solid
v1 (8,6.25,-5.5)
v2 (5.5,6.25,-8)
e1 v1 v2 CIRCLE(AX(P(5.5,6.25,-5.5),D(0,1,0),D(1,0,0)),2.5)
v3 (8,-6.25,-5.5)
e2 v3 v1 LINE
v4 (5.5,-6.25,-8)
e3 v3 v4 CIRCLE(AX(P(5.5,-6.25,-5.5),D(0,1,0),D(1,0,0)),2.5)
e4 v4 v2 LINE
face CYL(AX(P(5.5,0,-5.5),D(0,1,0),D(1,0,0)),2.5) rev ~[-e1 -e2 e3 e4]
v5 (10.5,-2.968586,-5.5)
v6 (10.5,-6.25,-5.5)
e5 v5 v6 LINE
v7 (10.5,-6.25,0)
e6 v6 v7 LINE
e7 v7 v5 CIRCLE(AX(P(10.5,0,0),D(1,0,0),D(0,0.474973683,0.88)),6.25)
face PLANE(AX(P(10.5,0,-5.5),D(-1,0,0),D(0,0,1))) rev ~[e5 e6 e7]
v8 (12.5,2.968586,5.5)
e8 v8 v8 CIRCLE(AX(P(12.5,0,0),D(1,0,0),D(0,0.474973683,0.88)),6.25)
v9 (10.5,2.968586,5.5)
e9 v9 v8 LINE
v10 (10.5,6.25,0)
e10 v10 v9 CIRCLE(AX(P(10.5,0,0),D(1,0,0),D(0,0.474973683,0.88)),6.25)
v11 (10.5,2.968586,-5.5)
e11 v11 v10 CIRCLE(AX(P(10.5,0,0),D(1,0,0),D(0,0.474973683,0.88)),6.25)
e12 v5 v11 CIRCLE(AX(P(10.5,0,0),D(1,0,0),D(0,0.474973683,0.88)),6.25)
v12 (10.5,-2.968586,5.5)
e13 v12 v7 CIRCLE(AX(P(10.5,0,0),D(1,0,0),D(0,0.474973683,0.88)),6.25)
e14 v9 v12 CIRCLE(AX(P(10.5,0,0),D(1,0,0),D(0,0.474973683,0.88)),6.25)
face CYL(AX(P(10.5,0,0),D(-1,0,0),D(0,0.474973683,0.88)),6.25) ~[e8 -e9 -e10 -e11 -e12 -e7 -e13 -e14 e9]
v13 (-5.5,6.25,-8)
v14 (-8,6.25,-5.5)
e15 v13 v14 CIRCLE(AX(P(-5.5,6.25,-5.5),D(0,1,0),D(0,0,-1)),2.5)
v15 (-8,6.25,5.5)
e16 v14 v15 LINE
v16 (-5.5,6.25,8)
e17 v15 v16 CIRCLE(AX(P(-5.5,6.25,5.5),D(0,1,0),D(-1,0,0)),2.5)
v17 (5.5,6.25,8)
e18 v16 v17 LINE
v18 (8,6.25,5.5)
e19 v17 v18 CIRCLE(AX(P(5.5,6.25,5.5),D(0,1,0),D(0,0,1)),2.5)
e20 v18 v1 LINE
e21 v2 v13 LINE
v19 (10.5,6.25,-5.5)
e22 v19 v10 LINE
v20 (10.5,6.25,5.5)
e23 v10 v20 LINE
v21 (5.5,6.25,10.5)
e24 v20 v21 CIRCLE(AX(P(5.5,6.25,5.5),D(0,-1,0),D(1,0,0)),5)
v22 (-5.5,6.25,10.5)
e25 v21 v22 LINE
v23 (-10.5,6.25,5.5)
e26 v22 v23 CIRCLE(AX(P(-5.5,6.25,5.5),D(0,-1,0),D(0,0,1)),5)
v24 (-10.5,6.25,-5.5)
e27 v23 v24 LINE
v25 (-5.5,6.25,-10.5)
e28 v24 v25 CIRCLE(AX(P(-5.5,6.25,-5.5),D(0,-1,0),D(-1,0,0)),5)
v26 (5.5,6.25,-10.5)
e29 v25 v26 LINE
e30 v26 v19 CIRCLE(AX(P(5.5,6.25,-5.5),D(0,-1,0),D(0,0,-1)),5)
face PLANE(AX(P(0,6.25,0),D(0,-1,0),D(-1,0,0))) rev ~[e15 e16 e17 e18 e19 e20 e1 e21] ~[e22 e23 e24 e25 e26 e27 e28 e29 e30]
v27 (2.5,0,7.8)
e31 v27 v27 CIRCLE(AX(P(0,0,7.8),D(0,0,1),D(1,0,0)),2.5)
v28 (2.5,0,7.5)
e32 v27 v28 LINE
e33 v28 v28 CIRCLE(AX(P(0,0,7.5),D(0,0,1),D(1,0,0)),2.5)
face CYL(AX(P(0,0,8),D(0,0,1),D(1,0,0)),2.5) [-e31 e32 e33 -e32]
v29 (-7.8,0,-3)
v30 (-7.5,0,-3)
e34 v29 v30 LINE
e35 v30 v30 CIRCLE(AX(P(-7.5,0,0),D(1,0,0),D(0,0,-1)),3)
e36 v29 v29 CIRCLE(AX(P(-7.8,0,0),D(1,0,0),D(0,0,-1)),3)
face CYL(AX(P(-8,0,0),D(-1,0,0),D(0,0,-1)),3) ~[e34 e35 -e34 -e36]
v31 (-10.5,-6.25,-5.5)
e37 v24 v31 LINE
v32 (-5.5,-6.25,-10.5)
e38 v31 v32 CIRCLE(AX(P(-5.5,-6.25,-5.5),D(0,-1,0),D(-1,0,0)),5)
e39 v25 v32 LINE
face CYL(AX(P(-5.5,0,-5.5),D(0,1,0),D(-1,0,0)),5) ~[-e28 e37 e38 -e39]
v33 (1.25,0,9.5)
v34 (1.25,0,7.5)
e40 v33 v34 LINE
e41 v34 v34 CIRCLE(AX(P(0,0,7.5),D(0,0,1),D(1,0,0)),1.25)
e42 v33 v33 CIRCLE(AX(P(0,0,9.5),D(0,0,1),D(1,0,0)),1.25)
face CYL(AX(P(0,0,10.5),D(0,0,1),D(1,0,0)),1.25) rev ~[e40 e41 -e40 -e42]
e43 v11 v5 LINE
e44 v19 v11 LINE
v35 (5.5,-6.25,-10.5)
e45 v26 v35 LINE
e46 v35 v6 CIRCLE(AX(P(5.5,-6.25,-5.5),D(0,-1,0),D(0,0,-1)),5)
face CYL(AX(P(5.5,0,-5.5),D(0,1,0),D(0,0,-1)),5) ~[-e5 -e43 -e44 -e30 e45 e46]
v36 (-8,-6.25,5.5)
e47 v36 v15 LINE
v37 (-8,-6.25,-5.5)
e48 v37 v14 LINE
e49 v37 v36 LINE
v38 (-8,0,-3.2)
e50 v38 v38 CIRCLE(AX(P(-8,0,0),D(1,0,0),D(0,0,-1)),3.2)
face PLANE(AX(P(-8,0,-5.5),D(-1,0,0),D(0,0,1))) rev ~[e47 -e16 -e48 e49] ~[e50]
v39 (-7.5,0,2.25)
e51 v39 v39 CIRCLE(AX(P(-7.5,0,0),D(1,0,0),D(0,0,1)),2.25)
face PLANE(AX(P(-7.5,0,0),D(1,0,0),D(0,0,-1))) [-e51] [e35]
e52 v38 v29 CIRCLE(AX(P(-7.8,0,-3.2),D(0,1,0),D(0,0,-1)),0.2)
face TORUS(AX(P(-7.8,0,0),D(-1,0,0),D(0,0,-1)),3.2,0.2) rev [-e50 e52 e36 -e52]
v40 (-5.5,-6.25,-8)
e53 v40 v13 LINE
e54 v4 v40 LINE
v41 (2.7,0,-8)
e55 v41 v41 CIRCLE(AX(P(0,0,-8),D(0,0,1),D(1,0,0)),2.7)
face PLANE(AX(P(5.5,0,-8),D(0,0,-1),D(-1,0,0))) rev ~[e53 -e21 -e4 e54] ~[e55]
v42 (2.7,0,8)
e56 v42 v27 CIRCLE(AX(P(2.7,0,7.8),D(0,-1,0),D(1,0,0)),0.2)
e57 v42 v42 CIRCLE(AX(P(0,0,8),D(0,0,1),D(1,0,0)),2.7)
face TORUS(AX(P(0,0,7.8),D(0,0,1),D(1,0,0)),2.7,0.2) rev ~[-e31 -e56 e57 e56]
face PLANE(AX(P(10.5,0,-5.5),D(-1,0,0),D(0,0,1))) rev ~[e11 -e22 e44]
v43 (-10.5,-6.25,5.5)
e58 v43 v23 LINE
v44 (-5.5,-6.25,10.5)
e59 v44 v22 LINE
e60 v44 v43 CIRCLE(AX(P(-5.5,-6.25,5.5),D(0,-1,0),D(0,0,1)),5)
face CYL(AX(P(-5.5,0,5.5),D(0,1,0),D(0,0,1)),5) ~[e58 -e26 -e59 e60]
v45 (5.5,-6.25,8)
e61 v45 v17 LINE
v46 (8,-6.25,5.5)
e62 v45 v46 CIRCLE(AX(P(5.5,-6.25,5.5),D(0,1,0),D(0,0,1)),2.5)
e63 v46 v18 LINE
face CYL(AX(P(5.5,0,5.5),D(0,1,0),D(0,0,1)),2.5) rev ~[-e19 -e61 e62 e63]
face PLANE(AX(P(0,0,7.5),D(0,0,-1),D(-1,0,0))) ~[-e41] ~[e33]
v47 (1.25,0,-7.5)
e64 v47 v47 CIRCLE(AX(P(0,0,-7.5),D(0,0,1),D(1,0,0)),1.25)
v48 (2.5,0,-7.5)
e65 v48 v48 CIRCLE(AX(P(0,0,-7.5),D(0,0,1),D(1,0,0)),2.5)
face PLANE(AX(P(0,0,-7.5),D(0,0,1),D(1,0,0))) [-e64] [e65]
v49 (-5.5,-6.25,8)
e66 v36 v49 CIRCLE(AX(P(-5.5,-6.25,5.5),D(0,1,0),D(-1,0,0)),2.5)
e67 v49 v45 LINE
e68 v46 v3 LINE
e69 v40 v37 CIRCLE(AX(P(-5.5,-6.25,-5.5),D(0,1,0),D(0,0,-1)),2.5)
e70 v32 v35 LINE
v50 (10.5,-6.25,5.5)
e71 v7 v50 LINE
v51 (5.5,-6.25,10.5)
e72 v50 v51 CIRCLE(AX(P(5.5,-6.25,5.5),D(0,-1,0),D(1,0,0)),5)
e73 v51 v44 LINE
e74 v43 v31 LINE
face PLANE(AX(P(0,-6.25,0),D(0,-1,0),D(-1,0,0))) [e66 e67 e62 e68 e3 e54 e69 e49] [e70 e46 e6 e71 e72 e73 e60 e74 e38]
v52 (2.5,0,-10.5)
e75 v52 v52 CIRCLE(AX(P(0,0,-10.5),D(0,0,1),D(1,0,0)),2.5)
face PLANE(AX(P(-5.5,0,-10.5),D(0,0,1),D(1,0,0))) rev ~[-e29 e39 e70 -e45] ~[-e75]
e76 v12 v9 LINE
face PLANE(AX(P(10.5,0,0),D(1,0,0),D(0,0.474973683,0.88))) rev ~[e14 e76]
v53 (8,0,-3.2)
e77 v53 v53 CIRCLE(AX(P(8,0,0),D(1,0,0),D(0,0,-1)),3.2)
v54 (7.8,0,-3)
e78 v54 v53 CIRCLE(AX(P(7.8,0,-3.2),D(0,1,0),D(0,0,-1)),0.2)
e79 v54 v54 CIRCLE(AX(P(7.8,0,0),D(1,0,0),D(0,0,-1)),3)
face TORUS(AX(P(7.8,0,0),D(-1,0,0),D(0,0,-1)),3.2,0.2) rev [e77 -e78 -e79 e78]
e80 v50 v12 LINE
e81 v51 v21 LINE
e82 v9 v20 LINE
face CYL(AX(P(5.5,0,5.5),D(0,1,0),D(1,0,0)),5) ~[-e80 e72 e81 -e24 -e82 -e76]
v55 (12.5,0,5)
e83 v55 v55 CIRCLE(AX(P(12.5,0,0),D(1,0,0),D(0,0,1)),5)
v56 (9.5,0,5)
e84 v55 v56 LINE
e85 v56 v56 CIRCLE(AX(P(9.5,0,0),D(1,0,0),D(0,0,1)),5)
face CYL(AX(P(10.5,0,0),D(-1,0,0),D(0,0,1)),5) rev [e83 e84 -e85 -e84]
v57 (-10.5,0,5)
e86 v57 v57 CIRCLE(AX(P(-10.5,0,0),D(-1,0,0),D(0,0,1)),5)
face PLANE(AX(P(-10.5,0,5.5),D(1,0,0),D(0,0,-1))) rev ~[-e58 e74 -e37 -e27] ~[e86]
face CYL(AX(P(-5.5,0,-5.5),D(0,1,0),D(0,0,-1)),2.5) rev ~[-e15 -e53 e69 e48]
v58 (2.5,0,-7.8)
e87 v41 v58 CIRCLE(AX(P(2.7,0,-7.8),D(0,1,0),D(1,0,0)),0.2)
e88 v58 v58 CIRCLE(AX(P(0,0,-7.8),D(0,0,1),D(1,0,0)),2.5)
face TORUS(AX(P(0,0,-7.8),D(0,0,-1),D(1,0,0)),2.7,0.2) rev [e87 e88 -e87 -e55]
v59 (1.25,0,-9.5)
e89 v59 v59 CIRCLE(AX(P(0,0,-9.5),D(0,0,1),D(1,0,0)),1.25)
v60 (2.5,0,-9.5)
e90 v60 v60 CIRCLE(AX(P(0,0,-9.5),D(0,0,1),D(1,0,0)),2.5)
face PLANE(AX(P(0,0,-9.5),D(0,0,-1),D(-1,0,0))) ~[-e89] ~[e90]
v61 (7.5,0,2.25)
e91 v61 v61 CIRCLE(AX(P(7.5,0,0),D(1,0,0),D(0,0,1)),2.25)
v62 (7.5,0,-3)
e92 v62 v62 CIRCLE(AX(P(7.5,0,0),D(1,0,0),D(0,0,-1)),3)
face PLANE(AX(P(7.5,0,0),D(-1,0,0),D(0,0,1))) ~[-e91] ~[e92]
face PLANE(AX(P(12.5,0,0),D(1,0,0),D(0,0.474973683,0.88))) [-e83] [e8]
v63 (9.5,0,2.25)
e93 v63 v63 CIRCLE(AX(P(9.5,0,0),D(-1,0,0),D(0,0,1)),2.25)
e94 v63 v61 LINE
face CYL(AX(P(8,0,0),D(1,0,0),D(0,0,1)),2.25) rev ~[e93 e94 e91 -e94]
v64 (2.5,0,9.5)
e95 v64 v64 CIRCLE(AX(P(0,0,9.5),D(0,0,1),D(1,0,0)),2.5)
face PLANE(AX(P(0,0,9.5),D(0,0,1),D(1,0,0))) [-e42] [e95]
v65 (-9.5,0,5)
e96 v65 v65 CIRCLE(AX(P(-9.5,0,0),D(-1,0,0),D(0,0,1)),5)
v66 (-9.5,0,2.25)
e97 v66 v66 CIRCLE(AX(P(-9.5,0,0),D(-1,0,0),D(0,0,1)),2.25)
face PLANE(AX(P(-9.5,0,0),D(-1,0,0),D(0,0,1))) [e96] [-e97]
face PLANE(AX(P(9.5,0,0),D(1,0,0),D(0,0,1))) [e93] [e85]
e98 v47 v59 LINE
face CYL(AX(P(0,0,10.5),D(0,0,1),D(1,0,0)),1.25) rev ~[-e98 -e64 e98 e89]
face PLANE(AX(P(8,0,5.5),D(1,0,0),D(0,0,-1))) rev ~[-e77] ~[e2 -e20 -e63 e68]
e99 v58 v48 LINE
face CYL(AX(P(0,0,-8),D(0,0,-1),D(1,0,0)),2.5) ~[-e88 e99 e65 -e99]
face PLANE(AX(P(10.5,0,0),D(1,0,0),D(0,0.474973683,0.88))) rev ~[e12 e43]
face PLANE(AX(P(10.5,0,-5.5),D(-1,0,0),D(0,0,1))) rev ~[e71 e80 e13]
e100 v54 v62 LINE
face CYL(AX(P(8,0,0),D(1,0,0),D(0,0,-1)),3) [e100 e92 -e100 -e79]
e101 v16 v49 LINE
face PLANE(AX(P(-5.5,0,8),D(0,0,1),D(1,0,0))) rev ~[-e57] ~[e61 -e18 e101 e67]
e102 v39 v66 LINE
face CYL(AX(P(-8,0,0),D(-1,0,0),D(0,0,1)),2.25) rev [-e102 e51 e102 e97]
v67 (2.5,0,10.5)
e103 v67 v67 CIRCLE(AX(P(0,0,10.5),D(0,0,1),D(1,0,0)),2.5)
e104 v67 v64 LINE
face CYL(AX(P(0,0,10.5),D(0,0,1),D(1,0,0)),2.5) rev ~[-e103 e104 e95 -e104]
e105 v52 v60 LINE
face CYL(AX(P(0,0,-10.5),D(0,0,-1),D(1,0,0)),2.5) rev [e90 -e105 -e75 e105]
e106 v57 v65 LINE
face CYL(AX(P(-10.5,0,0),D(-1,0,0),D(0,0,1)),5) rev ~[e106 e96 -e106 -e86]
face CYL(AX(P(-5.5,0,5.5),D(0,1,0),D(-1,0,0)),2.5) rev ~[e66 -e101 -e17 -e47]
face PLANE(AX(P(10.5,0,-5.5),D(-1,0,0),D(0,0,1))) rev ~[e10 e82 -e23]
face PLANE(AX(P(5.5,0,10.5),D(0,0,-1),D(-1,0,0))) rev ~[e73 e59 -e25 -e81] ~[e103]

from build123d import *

# Parameters (mm, degrees)
RESSALTO_EXTRUS_O1_DEPTH = 12.5
ESBO_O5_R                = 5
RESSALTO_EXTRUS_O2_DEPTH = 1
ESBO_O6_R                = 5
RESSALTO_EXTRUS_O3_DEPTH = 1
ESBO_O2_R                = 2.5
CORTE_EXTRUS_O1_DEPTH    = 49.592694924
ESBO_O3_R                = 2.5
CORTE_EXTRUS_O2_DEPTH    = 49.592694924
ESBO_O7_R                = 5
CORTE_EXTRUS_O3_DEPTH    = 2
ESCALA1_SCALE            = 0.5
CROQUIS4_R               = 5
CORTAR_EXTRUIR3_DEPTH    = 1
CROQUIS9_R               = 2.25
CORTAR_EXTRUIR6_DEPTH    = 24.437416667
CROQUIS10_R              = 2.851109387
CORTAR_EXTRUIR7_DEPTH    = 16
CORTAR_EXTRUIR8_START    = -1
CROQUIS11_R              = 5
CORTAR_EXTRUIR8_DEPTH    = 1
CROQUIS13_R              = 2.5
CROQUIS13_R_2            = 1.25
CORTAR_EXTRUIR9_DEPTH    = 1
CROQUIS12_R              = 3
CROQUIS12_R_2            = 2.25
SALIENTE_EXTRUIR3_DEPTH  = 0.5
REDONDEO1_R              = 0.2
CROQUIS14_R              = 6.25
CROQUIS14_R_2            = 5
SALIENTE_EXTRUIR5_DEPTH  = 2


with BuildPart() as part:
    # Esboço1 → Ressalto-extrusão1 (new, symmetric)
    with BuildSketch(Plane(origin=(0, 0, 0), x_dir=(1, 0, 0), z_dir=(0, 1, 0))):
        with BuildLine():
            Line((-21, -11), (-21, 11))
            ThreePointArc((-21, 11), (-18.071067812, 18.071067812), (-11, 21))
            Line((-11, 21), (11, 21))
            ThreePointArc((11, 21), (18.071067812, 18.071067812), (21, 11))
            Line((21, 11), (21, -11))
            ThreePointArc((21, -11), (18.071067812, -18.071067812), (11, -21))
            Line((11, -21), (-11, -21))
            ThreePointArc((-11, -21), (-18.071067812, -18.071067812), (-21, -11))
        make_face()
        with BuildLine():
            Line((-11, -16), (11, -16))
            ThreePointArc((11, -16), (14.535533906, -14.535533906), (16, -11))
            Line((16, -11), (16, 11))
            ThreePointArc((16, 11), (14.535533906, 14.535533906), (11, 16))
            Line((11, 16), (-11, 16))
            ThreePointArc((-11, 16), (-14.535533906, 14.535533906), (-16, 11))
            Line((-16, 11), (-16, -11))
            ThreePointArc((-16, -11), (-14.535533906, -14.535533906), (-11, -16))
        make_face(mode=Mode.SUBTRACT)
    extrude(amount=RESSALTO_EXTRUS_O1_DEPTH, both=True)

    # Esboço5 → Ressalto-extrusão2 (add)
    with BuildSketch(Plane.XY.offset(-16)):
        Circle(ESBO_O5_R)
    ressalto_extrus_o2 = extrude(amount=RESSALTO_EXTRUS_O2_DEPTH)

    # Espelhar1: Ressalto-extrusão2 across plane
    add(ressalto_extrus_o2.mirror(Plane.XY))

    # Esboço6 → Ressalto-extrusão3 (add)
    with BuildSketch(Plane(origin=(-16, 0, 0), x_dir=(0, 0, -1), z_dir=(1, 0, 0))):
        Circle(ESBO_O6_R)
    ressalto_extrus_o3 = extrude(amount=RESSALTO_EXTRUS_O3_DEPTH)

    # Espelhar2: Ressalto-extrusão3 across plane
    add(ressalto_extrus_o3.mirror(Plane(origin=(0, 0, 0), x_dir=(0, 0, 1), z_dir=(1, 0, 0))))

    # Esboço2 → Corte-extrusão1 (cut, through all)
    with BuildSketch(Plane.XY.offset(21)):
        Circle(ESBO_O2_R)
    extrude(amount=-CORTE_EXTRUS_O1_DEPTH, mode=Mode.SUBTRACT)

    # Esboço3 → Corte-extrusão2 (cut, through all)
    with BuildSketch(Plane.ZY.offset(21)):
        Circle(ESBO_O3_R)
    extrude(amount=-CORTE_EXTRUS_O2_DEPTH, mode=Mode.SUBTRACT)

    # Esboço7 → Corte-extrusão3 (cut)
    with BuildSketch(Plane(origin=(21, 0, 0), x_dir=(0, 0, -1), z_dir=(1, 0, 0))):
        Circle(ESBO_O7_R)
    corte_extrus_o3 = extrude(amount=-CORTE_EXTRUS_O3_DEPTH, mode=Mode.SUBTRACT)

    # Espelhar3: Corte-extrusão3 across plane
    add(corte_extrus_o3.mirror(Plane(origin=(0, 0, 0), x_dir=(0, 0, 1), z_dir=(1, 0, 0))), mode=Mode.SUBTRACT)


with BuildPart() as part_1:
    # Escala1: scaled about (0, 0, 0)
    add(part.part.scale(ESCALA1_SCALE))

    # Croquis4 → Cortar-Extruir3 (cut)
    with BuildSketch(Plane.ZY.offset(10.5)):
        Circle(CROQUIS4_R)
    extrude(amount=-CORTAR_EXTRUIR3_DEPTH, mode=Mode.SUBTRACT)

    # Croquis9 → Cortar-Extruir6 (cut, through all)
    with BuildSketch(Plane.ZY.offset(9.5)):
        Circle(CROQUIS9_R)
    extrude(amount=-CORTAR_EXTRUIR6_DEPTH, mode=Mode.SUBTRACT)

    # Croquis10 → Cortar-Extruir7 (cut)
    with BuildSketch(Plane.ZY.offset(-8)):
        Circle(CROQUIS10_R)
    extrude(amount=CORTAR_EXTRUIR7_DEPTH, mode=Mode.SUBTRACT)

    # Croquis11 → Cortar-Extruir8 (cut)
    with BuildSketch(Plane(origin=(10.5, 0, 0), x_dir=(0, 0, -1), z_dir=(1, 0, 0)).offset(CORTAR_EXTRUIR8_START)):
        with Locations(Location((0, 0, 0), (0, 0, 180))):
            Circle(CROQUIS11_R)
    extrude(amount=CORTAR_EXTRUIR8_DEPTH, mode=Mode.SUBTRACT)

    # Croquis13 → Cortar-Extruir9 (cut)
    with BuildSketch(Plane.XY.offset(10.5)):
        Circle(CROQUIS13_R)
        Circle(CROQUIS13_R_2, mode=Mode.SUBTRACT)
    cortar_extruir9 = extrude(amount=-CORTAR_EXTRUIR9_DEPTH, mode=Mode.SUBTRACT)

    # Simetría4: Cortar-Extruir9 across plane
    add(cortar_extruir9.mirror(Plane.XY), mode=Mode.SUBTRACT)

    # Croquis12 → Saliente-Extruir3 (add)
    with BuildSketch(Plane(origin=(-8, 0, 0), x_dir=(0, 0, -1), z_dir=(1, 0, 0))):
        Circle(CROQUIS12_R)
        with Locations(Location((0, 0, 0), (0, 0, 180))):
            Circle(CROQUIS12_R_2, mode=Mode.SUBTRACT)
    saliente_extruir3 = extrude(amount=SALIENTE_EXTRUIR3_DEPTH)

    # Simetría5: Saliente-Extruir3 across plane
    add(saliente_extruir3.mirror(Plane(origin=(0, 0, 0), x_dir=(0, 0, 1), z_dir=(1, 0, 0))))

    # Redondeo1
    redondeo1_edges = [part_1.edges().sort_by_distance(p)[0] for p in [
        (-8, 0, 3),
        (8, 0, 3),
        (-2.5, 0, -8),
        (-2.5, 0, 8),
    ]]
    fillet(redondeo1_edges, radius=REDONDEO1_R)

    # Croquis14 → Saliente-Extruir5 (add)
    with BuildSketch(Plane(origin=(10.5, 0, 0), x_dir=(0, 0, -1), z_dir=(1, 0, 0))):
        with Locations(Location((0, 0, 0), (0, 0, 151.642363424))):
            Circle(CROQUIS14_R)
        with Locations(Location((0, 0, 0), (0, 0, 180))):
            Circle(CROQUIS14_R_2, mode=Mode.SUBTRACT)
    extrude(amount=SALIENTE_EXTRUIR5_DEPTH)


solid = part_1.part
